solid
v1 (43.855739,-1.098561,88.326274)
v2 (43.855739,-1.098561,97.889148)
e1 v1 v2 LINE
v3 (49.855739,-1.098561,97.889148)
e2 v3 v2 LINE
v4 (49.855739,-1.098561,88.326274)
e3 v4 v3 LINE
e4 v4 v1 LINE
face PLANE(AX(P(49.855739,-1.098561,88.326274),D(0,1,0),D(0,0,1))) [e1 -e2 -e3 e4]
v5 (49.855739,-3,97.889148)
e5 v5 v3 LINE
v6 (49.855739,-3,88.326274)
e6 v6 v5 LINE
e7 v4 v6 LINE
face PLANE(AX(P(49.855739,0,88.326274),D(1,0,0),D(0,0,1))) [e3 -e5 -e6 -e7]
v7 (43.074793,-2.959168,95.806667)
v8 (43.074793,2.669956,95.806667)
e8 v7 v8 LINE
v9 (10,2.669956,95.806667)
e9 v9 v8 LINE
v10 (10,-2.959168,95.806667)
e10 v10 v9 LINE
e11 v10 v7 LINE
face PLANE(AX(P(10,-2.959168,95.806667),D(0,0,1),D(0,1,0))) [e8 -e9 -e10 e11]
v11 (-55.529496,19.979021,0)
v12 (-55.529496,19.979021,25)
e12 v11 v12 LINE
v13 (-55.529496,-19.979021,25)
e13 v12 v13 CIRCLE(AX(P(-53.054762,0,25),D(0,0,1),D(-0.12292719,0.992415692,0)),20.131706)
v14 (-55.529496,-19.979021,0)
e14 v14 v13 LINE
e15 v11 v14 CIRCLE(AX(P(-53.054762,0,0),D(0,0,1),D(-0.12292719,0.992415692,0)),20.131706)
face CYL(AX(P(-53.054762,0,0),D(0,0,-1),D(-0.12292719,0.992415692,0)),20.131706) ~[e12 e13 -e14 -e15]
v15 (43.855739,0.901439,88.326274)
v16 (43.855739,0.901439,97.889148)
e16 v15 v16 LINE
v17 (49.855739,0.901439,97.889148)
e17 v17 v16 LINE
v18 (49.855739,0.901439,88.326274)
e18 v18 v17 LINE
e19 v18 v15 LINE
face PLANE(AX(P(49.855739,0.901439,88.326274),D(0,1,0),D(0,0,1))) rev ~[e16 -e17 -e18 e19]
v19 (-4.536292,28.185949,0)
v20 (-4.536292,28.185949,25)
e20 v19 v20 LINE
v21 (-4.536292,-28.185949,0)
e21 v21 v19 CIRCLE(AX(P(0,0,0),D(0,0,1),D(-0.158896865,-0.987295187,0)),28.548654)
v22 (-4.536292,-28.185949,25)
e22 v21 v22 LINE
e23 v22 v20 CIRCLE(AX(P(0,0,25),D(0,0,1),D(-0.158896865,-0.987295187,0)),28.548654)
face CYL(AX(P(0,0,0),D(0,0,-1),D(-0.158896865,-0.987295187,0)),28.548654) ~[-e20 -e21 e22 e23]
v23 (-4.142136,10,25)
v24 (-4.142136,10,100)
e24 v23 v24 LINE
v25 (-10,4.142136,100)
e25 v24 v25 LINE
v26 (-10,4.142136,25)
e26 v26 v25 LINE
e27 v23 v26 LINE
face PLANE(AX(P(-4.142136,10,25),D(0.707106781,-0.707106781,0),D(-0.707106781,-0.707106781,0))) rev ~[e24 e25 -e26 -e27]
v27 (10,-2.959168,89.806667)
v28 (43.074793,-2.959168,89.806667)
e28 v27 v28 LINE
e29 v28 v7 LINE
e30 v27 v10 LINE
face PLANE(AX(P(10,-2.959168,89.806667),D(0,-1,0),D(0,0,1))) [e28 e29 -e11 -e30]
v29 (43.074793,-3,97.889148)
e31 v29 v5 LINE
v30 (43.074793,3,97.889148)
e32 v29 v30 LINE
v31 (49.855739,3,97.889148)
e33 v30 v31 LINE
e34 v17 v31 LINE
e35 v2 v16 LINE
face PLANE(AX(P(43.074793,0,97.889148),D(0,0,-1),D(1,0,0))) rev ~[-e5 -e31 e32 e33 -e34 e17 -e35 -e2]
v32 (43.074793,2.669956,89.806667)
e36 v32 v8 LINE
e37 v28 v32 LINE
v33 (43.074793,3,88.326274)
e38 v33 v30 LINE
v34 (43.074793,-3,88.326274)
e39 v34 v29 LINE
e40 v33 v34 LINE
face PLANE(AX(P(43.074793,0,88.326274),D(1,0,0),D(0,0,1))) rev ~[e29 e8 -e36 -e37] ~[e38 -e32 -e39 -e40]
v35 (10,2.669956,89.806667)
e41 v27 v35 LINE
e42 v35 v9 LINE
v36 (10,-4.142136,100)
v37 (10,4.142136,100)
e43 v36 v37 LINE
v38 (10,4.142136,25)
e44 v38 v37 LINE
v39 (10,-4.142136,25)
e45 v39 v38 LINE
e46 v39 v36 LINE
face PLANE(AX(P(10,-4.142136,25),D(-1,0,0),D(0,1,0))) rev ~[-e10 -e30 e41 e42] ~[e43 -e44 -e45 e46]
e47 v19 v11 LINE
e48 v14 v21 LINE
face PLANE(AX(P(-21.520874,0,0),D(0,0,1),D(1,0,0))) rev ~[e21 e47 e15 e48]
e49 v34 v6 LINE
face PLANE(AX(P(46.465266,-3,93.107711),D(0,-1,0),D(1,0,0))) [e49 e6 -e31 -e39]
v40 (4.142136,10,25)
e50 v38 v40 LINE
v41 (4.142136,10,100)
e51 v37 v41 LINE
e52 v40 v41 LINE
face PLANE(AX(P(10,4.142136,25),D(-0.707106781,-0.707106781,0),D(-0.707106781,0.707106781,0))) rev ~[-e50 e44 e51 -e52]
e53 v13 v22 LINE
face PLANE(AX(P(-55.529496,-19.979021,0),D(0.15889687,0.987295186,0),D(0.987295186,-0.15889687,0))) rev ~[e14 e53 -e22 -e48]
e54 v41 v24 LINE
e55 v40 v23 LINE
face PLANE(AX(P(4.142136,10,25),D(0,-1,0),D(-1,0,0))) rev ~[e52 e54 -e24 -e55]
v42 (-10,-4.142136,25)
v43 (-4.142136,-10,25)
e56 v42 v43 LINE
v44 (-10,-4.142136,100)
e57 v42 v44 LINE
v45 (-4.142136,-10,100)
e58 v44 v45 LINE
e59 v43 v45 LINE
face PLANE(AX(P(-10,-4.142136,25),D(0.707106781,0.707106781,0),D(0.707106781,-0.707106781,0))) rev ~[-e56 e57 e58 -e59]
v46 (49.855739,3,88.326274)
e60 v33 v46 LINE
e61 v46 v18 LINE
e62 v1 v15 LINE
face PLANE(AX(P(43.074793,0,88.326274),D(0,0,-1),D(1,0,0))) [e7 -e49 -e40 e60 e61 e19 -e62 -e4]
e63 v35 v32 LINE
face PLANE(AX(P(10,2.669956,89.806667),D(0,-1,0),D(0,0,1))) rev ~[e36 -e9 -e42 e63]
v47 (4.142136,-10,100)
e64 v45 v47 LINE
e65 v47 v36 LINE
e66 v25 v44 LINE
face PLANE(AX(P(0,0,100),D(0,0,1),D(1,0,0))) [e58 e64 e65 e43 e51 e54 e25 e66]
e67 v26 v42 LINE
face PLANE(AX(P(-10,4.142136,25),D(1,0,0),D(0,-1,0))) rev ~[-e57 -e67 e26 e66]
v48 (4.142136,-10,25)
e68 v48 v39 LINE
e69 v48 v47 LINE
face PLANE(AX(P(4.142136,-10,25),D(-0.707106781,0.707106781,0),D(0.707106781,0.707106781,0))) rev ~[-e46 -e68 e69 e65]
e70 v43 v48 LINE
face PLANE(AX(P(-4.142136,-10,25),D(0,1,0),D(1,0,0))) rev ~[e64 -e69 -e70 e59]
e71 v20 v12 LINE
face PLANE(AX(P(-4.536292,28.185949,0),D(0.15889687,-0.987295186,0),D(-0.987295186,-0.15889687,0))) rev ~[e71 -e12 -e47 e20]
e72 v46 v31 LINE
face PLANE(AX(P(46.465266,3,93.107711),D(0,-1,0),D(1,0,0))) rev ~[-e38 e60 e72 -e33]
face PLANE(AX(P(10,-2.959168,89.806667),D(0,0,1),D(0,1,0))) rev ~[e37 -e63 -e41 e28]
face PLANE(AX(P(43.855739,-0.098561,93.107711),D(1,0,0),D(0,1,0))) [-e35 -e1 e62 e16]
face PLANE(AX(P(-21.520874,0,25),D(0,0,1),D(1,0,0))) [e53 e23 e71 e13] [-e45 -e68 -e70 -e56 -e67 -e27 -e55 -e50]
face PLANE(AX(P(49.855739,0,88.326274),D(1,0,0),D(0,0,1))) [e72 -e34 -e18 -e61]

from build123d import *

# Parameters (mm, degrees)
F1_DEPTH = 25
F3_DEPTH = 75
F4_W     = 5.629124
F4_H     = 6
F5_DEPTH = 35
F6_W     = 6.780945
F6_H     = 9.562873
F7_DEPTH = 3
F8_W     = 2
F8_H     = 9.562873
F9_DEPTH = 6


with BuildPart() as f1:
    # F0 (on Top) → F1 (new body)
    with BuildSketch(Plane.XY):
        with BuildLine():
            Line((-4.536292, 28.185949), (-55.529496, 19.979021))
            ThreePointArc((-55.529496, 19.979021), (-73.186468, 0), (-55.529496, -19.979021))
            Line((-55.529496, -19.979021), (-4.536292, -28.185949))
            ThreePointArc((-4.536292, -28.185949), (28.548654, 0), (-4.536292, 28.185949))
        make_face()
    extrude(amount=F1_DEPTH)

    # F2 (on face) → F3 (join)
    with BuildSketch(Plane.XY.offset(25)):
        Polygon((-10, 4.142136), (-10, -4.142136), (-4.142136, -10), (4.142136, -10), (10, -4.142136), (10, 4.142136), (4.142136, 10), (-4.142136, 10), align=None)
    extrude(amount=F3_DEPTH)

    # F4 (on face) → F5 (join)
    with BuildSketch(Plane.YZ.offset(10)):
        with Locations((-0.144606, 92.806667)):
            Rectangle(F4_W, F4_H)
    extrude(amount=F5_DEPTH)

    # F6 (on Front) → F7 (join, symmetric)
    with BuildSketch(Plane.XZ):
        with Locations((46.465266, 93.107711)):
            Rectangle(F6_W, F6_H)
    extrude(amount=F7_DEPTH, both=True)

    # F8 (on face) → F9 (cut)
    with BuildSketch(Plane.YZ.offset(49.855739)):
        with Locations((-0.098561, 93.107711)):
            Rectangle(F8_W, F8_H)
    extrude(amount=-F9_DEPTH, mode=Mode.SUBTRACT)


solid = f1.part
